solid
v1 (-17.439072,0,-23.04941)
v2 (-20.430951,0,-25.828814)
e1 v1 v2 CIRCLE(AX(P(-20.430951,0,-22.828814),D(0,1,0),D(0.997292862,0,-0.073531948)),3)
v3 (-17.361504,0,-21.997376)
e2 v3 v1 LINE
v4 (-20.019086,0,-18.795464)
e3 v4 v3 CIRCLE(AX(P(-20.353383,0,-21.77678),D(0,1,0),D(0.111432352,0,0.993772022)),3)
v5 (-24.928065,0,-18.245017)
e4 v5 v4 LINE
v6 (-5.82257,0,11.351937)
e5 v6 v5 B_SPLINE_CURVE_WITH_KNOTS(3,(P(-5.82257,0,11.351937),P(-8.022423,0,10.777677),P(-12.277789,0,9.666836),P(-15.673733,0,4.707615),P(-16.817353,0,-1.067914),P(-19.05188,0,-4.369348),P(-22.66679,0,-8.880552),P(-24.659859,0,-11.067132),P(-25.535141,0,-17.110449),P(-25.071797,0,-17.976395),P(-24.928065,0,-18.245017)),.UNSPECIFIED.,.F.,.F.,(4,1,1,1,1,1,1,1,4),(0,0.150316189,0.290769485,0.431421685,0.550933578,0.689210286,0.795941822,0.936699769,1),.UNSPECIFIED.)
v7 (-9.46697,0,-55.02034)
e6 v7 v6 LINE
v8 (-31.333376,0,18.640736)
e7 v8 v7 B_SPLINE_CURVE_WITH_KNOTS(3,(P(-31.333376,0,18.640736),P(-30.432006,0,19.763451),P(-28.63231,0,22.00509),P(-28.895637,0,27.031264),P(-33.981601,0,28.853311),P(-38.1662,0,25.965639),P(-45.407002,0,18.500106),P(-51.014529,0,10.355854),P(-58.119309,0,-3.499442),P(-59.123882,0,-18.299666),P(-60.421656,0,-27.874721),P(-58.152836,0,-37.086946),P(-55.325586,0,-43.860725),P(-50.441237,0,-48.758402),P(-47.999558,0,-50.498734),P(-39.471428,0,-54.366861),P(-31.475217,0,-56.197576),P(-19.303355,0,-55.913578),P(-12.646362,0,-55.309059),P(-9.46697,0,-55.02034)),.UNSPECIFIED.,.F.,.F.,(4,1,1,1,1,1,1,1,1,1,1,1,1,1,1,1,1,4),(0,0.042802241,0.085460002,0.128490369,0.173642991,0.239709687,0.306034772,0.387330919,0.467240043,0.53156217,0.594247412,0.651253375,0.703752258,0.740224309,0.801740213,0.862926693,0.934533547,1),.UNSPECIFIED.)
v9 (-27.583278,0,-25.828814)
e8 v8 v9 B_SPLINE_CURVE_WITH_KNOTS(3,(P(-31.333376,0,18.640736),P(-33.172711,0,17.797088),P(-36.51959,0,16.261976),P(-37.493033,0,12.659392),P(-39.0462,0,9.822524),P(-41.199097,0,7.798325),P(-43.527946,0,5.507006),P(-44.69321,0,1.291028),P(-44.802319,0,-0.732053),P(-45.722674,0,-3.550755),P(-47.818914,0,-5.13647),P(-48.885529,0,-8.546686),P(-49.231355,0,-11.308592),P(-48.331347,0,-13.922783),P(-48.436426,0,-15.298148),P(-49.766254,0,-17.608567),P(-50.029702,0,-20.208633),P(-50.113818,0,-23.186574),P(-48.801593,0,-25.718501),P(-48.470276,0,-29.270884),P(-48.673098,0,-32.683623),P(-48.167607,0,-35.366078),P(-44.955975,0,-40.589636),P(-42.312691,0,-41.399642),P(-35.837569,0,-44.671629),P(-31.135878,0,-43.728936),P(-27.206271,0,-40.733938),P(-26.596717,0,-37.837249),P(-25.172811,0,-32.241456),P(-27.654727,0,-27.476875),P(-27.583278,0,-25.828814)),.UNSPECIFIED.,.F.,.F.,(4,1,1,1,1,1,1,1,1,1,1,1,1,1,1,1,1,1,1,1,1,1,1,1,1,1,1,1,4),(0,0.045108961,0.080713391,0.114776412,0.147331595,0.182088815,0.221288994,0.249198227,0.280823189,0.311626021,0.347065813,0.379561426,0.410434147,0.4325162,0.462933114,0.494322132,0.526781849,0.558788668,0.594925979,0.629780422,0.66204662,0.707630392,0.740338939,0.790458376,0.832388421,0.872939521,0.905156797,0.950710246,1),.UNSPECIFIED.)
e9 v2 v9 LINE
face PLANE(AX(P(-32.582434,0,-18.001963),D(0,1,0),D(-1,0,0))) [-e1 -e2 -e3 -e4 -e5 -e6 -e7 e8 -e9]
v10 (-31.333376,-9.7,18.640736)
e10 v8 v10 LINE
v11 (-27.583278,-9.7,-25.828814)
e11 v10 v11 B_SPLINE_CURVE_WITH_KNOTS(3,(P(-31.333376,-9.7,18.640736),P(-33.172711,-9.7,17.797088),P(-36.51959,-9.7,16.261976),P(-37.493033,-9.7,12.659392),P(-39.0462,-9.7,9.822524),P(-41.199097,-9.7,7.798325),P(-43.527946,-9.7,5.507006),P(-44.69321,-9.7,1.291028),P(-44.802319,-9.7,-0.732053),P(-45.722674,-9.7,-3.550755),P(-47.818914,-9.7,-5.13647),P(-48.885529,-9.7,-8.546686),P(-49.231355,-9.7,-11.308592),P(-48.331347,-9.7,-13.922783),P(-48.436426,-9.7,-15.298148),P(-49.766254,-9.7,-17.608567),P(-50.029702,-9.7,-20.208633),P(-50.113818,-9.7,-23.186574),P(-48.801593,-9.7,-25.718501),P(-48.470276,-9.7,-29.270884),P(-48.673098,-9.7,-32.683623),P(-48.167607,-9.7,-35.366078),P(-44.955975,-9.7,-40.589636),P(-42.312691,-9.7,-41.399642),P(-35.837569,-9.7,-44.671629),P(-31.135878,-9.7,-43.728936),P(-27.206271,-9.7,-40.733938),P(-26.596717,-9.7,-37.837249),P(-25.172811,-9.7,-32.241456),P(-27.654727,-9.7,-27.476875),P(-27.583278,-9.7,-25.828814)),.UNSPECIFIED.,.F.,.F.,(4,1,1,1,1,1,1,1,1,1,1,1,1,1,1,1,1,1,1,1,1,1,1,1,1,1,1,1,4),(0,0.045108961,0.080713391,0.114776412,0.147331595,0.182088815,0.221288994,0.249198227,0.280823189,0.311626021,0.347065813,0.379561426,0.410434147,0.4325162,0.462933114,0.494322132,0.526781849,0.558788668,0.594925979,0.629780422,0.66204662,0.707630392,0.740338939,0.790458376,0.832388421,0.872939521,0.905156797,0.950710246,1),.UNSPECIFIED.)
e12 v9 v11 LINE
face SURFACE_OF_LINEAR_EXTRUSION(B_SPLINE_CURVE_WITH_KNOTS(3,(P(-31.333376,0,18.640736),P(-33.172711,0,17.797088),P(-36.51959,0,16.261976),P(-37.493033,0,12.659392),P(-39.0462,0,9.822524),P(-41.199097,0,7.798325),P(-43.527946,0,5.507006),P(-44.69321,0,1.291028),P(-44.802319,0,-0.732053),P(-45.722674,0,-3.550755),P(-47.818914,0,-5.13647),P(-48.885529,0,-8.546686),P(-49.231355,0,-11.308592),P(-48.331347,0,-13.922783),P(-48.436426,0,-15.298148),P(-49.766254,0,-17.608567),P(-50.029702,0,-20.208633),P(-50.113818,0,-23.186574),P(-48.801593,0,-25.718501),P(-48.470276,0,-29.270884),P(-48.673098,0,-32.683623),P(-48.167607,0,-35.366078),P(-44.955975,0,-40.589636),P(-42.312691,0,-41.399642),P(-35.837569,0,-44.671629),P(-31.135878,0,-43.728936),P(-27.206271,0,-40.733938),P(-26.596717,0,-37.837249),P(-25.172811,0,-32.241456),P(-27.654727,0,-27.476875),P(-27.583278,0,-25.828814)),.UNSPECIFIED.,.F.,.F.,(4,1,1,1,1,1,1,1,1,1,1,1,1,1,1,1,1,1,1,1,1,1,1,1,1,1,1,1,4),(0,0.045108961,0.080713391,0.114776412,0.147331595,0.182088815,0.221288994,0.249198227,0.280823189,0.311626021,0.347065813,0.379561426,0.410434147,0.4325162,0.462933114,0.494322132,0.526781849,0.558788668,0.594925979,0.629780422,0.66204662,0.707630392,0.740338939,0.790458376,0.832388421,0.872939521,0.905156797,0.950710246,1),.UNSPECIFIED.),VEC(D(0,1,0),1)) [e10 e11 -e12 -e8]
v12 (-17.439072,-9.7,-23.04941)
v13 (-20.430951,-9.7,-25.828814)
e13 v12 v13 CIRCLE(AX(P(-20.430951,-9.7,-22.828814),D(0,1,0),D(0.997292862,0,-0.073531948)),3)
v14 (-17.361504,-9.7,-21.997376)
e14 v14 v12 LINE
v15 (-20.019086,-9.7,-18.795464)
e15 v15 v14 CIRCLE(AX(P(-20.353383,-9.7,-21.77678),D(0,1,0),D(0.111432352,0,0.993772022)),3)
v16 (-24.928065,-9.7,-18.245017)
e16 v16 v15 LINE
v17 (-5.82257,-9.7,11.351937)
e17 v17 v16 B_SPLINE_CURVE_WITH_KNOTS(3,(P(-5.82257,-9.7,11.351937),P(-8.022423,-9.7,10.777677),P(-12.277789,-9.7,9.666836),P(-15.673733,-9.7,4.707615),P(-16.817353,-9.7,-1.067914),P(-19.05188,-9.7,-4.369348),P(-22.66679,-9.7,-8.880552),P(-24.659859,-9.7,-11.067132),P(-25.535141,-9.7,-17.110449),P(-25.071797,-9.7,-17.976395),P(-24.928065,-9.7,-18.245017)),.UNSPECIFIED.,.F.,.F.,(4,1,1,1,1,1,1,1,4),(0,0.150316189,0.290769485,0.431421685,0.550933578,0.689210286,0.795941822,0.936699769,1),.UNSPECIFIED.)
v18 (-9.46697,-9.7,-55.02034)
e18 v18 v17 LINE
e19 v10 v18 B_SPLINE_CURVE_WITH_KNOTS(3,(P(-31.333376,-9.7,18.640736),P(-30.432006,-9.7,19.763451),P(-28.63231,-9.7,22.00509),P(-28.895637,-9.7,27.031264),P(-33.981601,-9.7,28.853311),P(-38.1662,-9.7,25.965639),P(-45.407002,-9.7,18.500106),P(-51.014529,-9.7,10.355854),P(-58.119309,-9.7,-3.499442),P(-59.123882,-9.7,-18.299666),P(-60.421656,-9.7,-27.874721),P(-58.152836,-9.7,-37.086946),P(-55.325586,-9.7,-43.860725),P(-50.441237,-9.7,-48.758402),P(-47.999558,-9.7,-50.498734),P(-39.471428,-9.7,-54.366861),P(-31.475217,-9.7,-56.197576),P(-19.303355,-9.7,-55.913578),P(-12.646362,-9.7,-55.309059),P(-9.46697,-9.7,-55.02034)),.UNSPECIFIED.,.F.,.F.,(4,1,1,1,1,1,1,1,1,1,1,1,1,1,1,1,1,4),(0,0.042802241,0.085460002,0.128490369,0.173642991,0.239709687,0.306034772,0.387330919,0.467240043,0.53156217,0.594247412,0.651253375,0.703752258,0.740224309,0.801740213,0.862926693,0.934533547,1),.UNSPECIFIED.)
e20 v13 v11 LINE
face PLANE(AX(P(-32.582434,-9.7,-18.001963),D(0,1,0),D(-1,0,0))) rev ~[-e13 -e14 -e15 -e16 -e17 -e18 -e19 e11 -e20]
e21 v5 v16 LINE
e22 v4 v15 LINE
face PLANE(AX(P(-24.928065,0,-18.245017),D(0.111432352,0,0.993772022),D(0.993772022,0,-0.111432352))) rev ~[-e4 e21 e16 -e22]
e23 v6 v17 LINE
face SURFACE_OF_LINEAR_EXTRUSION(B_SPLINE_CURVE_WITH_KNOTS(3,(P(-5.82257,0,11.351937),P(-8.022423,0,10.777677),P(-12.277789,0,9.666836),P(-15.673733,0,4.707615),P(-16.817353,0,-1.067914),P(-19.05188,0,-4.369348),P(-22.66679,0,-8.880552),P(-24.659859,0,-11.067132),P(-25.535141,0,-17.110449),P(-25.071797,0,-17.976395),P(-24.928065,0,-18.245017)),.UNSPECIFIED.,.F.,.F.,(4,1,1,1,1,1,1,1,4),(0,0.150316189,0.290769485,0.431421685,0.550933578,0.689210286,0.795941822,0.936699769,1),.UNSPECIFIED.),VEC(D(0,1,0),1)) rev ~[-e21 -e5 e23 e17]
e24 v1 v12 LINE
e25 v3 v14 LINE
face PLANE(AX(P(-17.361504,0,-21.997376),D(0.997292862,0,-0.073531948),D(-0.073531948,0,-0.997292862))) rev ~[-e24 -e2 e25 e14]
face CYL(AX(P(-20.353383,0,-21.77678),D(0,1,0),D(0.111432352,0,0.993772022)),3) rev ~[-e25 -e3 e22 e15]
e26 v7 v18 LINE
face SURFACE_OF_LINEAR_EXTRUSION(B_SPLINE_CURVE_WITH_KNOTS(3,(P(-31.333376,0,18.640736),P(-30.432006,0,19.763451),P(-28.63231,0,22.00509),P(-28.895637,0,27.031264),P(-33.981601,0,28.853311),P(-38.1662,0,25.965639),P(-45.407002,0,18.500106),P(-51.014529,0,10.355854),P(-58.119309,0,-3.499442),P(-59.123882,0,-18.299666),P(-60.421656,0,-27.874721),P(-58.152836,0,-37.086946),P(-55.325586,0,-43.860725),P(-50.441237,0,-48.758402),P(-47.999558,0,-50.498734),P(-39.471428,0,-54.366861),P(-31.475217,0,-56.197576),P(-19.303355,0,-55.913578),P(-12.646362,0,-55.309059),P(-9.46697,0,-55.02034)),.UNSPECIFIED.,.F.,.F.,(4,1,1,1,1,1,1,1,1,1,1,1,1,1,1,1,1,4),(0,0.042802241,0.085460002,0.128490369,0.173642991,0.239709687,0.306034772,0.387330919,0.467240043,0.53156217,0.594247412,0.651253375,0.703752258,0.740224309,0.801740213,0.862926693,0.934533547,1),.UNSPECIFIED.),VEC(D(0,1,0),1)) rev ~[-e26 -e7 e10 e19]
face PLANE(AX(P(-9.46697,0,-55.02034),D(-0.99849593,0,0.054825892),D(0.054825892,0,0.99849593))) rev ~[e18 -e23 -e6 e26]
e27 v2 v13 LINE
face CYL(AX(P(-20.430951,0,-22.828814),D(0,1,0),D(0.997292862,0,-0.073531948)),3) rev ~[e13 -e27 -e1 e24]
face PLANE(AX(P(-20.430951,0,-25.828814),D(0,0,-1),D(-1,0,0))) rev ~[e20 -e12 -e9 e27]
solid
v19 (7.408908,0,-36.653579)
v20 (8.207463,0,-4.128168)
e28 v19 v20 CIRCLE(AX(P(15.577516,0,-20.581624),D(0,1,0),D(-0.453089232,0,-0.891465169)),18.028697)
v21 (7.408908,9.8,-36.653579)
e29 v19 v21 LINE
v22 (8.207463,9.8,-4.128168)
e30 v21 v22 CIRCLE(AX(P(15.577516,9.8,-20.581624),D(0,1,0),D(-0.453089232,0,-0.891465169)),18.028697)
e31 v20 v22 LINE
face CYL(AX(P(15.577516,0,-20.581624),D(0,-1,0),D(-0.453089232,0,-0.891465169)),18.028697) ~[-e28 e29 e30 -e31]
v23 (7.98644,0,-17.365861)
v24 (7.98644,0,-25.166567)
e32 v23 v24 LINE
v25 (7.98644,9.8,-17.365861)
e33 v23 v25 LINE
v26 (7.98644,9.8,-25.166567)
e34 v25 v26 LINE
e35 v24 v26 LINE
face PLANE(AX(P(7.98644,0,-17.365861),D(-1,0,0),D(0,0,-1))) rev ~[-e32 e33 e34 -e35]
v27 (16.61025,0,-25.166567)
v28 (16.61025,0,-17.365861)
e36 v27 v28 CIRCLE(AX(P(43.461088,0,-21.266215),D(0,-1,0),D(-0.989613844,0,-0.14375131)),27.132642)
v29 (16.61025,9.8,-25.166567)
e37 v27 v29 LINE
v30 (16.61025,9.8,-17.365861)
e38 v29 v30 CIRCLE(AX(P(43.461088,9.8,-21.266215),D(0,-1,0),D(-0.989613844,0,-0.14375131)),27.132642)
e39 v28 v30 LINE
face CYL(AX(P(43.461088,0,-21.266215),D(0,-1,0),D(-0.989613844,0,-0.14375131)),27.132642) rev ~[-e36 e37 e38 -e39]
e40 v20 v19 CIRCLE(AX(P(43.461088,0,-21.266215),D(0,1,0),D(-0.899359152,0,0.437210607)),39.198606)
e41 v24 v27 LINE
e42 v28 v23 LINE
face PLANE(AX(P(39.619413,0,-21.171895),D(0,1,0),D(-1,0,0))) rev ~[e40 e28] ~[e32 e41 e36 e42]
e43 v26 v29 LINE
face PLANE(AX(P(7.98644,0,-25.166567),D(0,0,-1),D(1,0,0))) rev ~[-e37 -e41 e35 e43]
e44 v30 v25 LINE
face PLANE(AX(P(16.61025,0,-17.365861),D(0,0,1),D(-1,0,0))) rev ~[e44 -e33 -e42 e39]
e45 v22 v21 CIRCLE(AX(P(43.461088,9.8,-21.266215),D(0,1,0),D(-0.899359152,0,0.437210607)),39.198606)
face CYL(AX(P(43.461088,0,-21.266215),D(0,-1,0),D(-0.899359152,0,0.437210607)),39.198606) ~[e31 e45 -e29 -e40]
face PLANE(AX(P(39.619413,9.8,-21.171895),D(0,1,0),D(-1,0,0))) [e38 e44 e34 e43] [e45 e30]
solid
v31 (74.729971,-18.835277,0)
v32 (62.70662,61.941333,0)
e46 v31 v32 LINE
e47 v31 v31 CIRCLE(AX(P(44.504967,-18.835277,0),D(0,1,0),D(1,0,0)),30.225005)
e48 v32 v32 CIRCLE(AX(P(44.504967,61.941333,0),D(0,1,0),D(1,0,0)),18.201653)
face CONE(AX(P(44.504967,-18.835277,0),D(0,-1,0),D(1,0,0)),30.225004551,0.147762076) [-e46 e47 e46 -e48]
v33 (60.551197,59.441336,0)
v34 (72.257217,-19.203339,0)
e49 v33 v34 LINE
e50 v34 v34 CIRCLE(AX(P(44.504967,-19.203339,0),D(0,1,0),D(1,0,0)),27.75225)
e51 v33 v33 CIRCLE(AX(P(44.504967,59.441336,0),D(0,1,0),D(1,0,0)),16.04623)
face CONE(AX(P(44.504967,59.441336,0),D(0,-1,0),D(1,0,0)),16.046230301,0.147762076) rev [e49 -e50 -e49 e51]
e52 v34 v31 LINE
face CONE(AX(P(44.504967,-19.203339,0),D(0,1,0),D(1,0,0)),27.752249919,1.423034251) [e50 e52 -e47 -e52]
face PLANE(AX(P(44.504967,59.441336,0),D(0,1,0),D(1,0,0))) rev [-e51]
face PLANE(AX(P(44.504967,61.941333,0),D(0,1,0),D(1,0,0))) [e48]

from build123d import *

# Parameters (mm, degrees)
F1_DEPTH = 9.7
F3_DEPTH = 9.8


with BuildPart() as f1:
    # F0 (on Front) → F1 (new body)
    with BuildSketch(Plane.XZ):
        with BuildLine():
            add(Edge.make_bspline(
                [(-31.3333757222, 18.640736118), (-33.1727114934, 17.7970882373), (-36.5195896179, 16.2619761166), (-37.4930333972, 12.6593919083), (-39.0461997848, 9.8225244734), (-41.199096824, 7.7983253789), (-43.5279457338, 5.5070060521), (-44.6932097972, 1.2910279279), (-44.8023187617, -0.7320528463), (-45.7226739926, -3.5507546568), (-47.818913695, -5.1364697155), (-48.8855289473, -8.5466859176), (-49.2313550672, -11.3085916163), (-48.3313471287, -13.9227831386), (-48.4364258876, -15.2981476849), (-49.7662537849, -17.6085673265), (-50.0297023673, -20.2086327507), (-50.1138183157, -23.1865738702), (-48.8015930461, -25.718500989), (-48.4702763243, -29.2708843284), (-48.6730976636, -32.683622895), (-48.1676072655, -35.3660777048), (-44.955975234, -40.58963588), (-42.3126905256, -41.3996416494), (-35.8375686831, -44.6716292293), (-31.1358783453, -43.7289355521), (-27.2062712896, -40.7339383547), (-26.5967169386, -37.8372490888), (-25.1728106078, -32.2414555896), (-27.6547270088, -27.4768753156), (-27.5832777476, -25.8288142986)],
                knots=[0, 0, 0, 0, 0.045108961, 0.0807133912, 0.1147764125, 0.1473315955, 0.1820888149, 0.2212889935, 0.2491982273, 0.2808231888, 0.3116260211, 0.3470658135, 0.3795614264, 0.4104341468, 0.4325162003, 0.4629331141, 0.4943221321, 0.5267818494, 0.5587886683, 0.5949259788, 0.6297804219, 0.66204662, 0.7076303924, 0.7403389393, 0.7904583761, 0.832388421, 0.8729395212, 0.9051567969, 0.9507102456, 1, 1, 1, 1], degree=3))
            add(Edge.make_bspline(
                [(-31.3333757222, 18.640736118), (-30.4320062638, 19.7634507528), (-28.6323099317, 22.0050902843), (-28.8956366853, 27.0312636271), (-33.9816007458, 28.8533108881), (-38.1662001082, 25.9656392825), (-45.4070016126, 18.5001059196), (-51.0145285467, 10.3558541003), (-58.1193093352, -3.4994420412), (-59.1238821243, -18.2996662283), (-60.4216558617, -27.8747205918), (-58.1528360789, -37.0869457023), (-55.3255862565, -43.8607247304), (-50.4412371886, -48.7584016873), (-47.9995583557, -50.4987335473), (-39.4714279444, -54.3668608816), (-31.4752169576, -56.1975757662), (-19.3033548338, -55.9135783329), (-12.6463619043, -55.309059194), (-9.4669703394, -55.020339787)],
                knots=[0, 0, 0, 0, 0.0428022408, 0.0854600021, 0.1284903685, 0.173642991, 0.2397096875, 0.3060347723, 0.3873309193, 0.4672400432, 0.5315621695, 0.5942474121, 0.651253375, 0.7037522579, 0.7402243089, 0.8017402131, 0.8629266933, 0.934533547, 1, 1, 1, 1], degree=3))
            Line((-9.4669703394, -55.020339787), (-5.8225695975, 11.3519374281))
            add(Edge.make_bspline(
                [(-5.8225695975, 11.3519374281), (-8.0224233901, 10.7776771968), (-12.2777890695, 9.6668364273), (-15.6737325994, 4.7076146732), (-16.8173529684, -1.0679139978), (-19.0518799713, -4.3693484203), (-22.6667898168, -8.8805515103), (-24.6598588857, -11.0671324534), (-25.5351410957, -17.1104490945), (-25.0717973814, -17.9763948929), (-24.9280650169, -18.245017156)],
                knots=[0, 0, 0, 0, 0.1503161894, 0.2907694846, 0.4314216854, 0.5509335782, 0.6892102863, 0.7959418223, 0.9366997685, 1, 1, 1, 1], degree=3))
            Line((-24.9280650169, -18.245017156), (-20.0190857381, -18.7954644344))
            ThreePointArc((-20.0190857381, -18.7954644344), (-18.0449371971, -19.8607745151), (-17.3615042068, -21.9973763447))
            Line((-17.3615042068, -21.9973763447), (-17.4390722894, -23.049410144))
            ThreePointArc((-17.4390722894, -23.049410144), (-18.3891119415, -25.0267437261), (-20.4309508753, -25.8288142986))
            Line((-20.4309508753, -25.8288142986), (-27.5832777476, -25.8288142986))
        make_face()
    extrude(amount=F1_DEPTH)


with BuildPart() as f3:
    # F2 (on face) → F3 (new body)
    with BuildSketch(Plane(origin=(0, 0, 0), x_dir=(-1, 0, 0), z_dir=(0, 1, 0))):
        with BuildLine():
            ThreePointArc((-7.4089076616, -36.6535794328), (2.4457493392, -20.1391219102), (-8.207463032, -4.1281682208))
            ThreePointArc((-8.207463032, -4.1281682208), (-82.6478852009, -22.2283185204), (-7.4089076616, -36.6535794328))
        make_face()
        with BuildLine():
            ThreePointArc((-16.6102497281, -25.166567415), (-70.5937303007, -21.2662150201), (-16.6102498634, -17.3658607528))
            Line((-16.6102498634, -17.3658607528), (-7.9864403233, -17.3658607528))
            Line((-7.9864403233, -17.3658607528), (-7.9864403233, -25.166567415))
            Line((-7.9864403233, -25.166567415), (-16.6102497281, -25.166567415))
        make_face(mode=Mode.SUBTRACT)
    extrude(amount=F3_DEPTH)


with BuildPart() as f5:
    # F4 (on Top) → F5 (revolve)
    with BuildSketch(Plane.XY):
        Polygon((44.5049665868, 61.9413331151), (44.5049665868, 59.4413360975), (60.5511968882, 59.4413360975), (72.2572165055, -19.2033386409), (74.7299711378, -18.8352766668), (62.7066195011, 61.9413331151), align=None)
    revolve(axis=Axis((44.5049665868, 9.8437499255, 0), (0, 1, 0)))


solid = Compound([f1.part, f3.part, f5.part])
